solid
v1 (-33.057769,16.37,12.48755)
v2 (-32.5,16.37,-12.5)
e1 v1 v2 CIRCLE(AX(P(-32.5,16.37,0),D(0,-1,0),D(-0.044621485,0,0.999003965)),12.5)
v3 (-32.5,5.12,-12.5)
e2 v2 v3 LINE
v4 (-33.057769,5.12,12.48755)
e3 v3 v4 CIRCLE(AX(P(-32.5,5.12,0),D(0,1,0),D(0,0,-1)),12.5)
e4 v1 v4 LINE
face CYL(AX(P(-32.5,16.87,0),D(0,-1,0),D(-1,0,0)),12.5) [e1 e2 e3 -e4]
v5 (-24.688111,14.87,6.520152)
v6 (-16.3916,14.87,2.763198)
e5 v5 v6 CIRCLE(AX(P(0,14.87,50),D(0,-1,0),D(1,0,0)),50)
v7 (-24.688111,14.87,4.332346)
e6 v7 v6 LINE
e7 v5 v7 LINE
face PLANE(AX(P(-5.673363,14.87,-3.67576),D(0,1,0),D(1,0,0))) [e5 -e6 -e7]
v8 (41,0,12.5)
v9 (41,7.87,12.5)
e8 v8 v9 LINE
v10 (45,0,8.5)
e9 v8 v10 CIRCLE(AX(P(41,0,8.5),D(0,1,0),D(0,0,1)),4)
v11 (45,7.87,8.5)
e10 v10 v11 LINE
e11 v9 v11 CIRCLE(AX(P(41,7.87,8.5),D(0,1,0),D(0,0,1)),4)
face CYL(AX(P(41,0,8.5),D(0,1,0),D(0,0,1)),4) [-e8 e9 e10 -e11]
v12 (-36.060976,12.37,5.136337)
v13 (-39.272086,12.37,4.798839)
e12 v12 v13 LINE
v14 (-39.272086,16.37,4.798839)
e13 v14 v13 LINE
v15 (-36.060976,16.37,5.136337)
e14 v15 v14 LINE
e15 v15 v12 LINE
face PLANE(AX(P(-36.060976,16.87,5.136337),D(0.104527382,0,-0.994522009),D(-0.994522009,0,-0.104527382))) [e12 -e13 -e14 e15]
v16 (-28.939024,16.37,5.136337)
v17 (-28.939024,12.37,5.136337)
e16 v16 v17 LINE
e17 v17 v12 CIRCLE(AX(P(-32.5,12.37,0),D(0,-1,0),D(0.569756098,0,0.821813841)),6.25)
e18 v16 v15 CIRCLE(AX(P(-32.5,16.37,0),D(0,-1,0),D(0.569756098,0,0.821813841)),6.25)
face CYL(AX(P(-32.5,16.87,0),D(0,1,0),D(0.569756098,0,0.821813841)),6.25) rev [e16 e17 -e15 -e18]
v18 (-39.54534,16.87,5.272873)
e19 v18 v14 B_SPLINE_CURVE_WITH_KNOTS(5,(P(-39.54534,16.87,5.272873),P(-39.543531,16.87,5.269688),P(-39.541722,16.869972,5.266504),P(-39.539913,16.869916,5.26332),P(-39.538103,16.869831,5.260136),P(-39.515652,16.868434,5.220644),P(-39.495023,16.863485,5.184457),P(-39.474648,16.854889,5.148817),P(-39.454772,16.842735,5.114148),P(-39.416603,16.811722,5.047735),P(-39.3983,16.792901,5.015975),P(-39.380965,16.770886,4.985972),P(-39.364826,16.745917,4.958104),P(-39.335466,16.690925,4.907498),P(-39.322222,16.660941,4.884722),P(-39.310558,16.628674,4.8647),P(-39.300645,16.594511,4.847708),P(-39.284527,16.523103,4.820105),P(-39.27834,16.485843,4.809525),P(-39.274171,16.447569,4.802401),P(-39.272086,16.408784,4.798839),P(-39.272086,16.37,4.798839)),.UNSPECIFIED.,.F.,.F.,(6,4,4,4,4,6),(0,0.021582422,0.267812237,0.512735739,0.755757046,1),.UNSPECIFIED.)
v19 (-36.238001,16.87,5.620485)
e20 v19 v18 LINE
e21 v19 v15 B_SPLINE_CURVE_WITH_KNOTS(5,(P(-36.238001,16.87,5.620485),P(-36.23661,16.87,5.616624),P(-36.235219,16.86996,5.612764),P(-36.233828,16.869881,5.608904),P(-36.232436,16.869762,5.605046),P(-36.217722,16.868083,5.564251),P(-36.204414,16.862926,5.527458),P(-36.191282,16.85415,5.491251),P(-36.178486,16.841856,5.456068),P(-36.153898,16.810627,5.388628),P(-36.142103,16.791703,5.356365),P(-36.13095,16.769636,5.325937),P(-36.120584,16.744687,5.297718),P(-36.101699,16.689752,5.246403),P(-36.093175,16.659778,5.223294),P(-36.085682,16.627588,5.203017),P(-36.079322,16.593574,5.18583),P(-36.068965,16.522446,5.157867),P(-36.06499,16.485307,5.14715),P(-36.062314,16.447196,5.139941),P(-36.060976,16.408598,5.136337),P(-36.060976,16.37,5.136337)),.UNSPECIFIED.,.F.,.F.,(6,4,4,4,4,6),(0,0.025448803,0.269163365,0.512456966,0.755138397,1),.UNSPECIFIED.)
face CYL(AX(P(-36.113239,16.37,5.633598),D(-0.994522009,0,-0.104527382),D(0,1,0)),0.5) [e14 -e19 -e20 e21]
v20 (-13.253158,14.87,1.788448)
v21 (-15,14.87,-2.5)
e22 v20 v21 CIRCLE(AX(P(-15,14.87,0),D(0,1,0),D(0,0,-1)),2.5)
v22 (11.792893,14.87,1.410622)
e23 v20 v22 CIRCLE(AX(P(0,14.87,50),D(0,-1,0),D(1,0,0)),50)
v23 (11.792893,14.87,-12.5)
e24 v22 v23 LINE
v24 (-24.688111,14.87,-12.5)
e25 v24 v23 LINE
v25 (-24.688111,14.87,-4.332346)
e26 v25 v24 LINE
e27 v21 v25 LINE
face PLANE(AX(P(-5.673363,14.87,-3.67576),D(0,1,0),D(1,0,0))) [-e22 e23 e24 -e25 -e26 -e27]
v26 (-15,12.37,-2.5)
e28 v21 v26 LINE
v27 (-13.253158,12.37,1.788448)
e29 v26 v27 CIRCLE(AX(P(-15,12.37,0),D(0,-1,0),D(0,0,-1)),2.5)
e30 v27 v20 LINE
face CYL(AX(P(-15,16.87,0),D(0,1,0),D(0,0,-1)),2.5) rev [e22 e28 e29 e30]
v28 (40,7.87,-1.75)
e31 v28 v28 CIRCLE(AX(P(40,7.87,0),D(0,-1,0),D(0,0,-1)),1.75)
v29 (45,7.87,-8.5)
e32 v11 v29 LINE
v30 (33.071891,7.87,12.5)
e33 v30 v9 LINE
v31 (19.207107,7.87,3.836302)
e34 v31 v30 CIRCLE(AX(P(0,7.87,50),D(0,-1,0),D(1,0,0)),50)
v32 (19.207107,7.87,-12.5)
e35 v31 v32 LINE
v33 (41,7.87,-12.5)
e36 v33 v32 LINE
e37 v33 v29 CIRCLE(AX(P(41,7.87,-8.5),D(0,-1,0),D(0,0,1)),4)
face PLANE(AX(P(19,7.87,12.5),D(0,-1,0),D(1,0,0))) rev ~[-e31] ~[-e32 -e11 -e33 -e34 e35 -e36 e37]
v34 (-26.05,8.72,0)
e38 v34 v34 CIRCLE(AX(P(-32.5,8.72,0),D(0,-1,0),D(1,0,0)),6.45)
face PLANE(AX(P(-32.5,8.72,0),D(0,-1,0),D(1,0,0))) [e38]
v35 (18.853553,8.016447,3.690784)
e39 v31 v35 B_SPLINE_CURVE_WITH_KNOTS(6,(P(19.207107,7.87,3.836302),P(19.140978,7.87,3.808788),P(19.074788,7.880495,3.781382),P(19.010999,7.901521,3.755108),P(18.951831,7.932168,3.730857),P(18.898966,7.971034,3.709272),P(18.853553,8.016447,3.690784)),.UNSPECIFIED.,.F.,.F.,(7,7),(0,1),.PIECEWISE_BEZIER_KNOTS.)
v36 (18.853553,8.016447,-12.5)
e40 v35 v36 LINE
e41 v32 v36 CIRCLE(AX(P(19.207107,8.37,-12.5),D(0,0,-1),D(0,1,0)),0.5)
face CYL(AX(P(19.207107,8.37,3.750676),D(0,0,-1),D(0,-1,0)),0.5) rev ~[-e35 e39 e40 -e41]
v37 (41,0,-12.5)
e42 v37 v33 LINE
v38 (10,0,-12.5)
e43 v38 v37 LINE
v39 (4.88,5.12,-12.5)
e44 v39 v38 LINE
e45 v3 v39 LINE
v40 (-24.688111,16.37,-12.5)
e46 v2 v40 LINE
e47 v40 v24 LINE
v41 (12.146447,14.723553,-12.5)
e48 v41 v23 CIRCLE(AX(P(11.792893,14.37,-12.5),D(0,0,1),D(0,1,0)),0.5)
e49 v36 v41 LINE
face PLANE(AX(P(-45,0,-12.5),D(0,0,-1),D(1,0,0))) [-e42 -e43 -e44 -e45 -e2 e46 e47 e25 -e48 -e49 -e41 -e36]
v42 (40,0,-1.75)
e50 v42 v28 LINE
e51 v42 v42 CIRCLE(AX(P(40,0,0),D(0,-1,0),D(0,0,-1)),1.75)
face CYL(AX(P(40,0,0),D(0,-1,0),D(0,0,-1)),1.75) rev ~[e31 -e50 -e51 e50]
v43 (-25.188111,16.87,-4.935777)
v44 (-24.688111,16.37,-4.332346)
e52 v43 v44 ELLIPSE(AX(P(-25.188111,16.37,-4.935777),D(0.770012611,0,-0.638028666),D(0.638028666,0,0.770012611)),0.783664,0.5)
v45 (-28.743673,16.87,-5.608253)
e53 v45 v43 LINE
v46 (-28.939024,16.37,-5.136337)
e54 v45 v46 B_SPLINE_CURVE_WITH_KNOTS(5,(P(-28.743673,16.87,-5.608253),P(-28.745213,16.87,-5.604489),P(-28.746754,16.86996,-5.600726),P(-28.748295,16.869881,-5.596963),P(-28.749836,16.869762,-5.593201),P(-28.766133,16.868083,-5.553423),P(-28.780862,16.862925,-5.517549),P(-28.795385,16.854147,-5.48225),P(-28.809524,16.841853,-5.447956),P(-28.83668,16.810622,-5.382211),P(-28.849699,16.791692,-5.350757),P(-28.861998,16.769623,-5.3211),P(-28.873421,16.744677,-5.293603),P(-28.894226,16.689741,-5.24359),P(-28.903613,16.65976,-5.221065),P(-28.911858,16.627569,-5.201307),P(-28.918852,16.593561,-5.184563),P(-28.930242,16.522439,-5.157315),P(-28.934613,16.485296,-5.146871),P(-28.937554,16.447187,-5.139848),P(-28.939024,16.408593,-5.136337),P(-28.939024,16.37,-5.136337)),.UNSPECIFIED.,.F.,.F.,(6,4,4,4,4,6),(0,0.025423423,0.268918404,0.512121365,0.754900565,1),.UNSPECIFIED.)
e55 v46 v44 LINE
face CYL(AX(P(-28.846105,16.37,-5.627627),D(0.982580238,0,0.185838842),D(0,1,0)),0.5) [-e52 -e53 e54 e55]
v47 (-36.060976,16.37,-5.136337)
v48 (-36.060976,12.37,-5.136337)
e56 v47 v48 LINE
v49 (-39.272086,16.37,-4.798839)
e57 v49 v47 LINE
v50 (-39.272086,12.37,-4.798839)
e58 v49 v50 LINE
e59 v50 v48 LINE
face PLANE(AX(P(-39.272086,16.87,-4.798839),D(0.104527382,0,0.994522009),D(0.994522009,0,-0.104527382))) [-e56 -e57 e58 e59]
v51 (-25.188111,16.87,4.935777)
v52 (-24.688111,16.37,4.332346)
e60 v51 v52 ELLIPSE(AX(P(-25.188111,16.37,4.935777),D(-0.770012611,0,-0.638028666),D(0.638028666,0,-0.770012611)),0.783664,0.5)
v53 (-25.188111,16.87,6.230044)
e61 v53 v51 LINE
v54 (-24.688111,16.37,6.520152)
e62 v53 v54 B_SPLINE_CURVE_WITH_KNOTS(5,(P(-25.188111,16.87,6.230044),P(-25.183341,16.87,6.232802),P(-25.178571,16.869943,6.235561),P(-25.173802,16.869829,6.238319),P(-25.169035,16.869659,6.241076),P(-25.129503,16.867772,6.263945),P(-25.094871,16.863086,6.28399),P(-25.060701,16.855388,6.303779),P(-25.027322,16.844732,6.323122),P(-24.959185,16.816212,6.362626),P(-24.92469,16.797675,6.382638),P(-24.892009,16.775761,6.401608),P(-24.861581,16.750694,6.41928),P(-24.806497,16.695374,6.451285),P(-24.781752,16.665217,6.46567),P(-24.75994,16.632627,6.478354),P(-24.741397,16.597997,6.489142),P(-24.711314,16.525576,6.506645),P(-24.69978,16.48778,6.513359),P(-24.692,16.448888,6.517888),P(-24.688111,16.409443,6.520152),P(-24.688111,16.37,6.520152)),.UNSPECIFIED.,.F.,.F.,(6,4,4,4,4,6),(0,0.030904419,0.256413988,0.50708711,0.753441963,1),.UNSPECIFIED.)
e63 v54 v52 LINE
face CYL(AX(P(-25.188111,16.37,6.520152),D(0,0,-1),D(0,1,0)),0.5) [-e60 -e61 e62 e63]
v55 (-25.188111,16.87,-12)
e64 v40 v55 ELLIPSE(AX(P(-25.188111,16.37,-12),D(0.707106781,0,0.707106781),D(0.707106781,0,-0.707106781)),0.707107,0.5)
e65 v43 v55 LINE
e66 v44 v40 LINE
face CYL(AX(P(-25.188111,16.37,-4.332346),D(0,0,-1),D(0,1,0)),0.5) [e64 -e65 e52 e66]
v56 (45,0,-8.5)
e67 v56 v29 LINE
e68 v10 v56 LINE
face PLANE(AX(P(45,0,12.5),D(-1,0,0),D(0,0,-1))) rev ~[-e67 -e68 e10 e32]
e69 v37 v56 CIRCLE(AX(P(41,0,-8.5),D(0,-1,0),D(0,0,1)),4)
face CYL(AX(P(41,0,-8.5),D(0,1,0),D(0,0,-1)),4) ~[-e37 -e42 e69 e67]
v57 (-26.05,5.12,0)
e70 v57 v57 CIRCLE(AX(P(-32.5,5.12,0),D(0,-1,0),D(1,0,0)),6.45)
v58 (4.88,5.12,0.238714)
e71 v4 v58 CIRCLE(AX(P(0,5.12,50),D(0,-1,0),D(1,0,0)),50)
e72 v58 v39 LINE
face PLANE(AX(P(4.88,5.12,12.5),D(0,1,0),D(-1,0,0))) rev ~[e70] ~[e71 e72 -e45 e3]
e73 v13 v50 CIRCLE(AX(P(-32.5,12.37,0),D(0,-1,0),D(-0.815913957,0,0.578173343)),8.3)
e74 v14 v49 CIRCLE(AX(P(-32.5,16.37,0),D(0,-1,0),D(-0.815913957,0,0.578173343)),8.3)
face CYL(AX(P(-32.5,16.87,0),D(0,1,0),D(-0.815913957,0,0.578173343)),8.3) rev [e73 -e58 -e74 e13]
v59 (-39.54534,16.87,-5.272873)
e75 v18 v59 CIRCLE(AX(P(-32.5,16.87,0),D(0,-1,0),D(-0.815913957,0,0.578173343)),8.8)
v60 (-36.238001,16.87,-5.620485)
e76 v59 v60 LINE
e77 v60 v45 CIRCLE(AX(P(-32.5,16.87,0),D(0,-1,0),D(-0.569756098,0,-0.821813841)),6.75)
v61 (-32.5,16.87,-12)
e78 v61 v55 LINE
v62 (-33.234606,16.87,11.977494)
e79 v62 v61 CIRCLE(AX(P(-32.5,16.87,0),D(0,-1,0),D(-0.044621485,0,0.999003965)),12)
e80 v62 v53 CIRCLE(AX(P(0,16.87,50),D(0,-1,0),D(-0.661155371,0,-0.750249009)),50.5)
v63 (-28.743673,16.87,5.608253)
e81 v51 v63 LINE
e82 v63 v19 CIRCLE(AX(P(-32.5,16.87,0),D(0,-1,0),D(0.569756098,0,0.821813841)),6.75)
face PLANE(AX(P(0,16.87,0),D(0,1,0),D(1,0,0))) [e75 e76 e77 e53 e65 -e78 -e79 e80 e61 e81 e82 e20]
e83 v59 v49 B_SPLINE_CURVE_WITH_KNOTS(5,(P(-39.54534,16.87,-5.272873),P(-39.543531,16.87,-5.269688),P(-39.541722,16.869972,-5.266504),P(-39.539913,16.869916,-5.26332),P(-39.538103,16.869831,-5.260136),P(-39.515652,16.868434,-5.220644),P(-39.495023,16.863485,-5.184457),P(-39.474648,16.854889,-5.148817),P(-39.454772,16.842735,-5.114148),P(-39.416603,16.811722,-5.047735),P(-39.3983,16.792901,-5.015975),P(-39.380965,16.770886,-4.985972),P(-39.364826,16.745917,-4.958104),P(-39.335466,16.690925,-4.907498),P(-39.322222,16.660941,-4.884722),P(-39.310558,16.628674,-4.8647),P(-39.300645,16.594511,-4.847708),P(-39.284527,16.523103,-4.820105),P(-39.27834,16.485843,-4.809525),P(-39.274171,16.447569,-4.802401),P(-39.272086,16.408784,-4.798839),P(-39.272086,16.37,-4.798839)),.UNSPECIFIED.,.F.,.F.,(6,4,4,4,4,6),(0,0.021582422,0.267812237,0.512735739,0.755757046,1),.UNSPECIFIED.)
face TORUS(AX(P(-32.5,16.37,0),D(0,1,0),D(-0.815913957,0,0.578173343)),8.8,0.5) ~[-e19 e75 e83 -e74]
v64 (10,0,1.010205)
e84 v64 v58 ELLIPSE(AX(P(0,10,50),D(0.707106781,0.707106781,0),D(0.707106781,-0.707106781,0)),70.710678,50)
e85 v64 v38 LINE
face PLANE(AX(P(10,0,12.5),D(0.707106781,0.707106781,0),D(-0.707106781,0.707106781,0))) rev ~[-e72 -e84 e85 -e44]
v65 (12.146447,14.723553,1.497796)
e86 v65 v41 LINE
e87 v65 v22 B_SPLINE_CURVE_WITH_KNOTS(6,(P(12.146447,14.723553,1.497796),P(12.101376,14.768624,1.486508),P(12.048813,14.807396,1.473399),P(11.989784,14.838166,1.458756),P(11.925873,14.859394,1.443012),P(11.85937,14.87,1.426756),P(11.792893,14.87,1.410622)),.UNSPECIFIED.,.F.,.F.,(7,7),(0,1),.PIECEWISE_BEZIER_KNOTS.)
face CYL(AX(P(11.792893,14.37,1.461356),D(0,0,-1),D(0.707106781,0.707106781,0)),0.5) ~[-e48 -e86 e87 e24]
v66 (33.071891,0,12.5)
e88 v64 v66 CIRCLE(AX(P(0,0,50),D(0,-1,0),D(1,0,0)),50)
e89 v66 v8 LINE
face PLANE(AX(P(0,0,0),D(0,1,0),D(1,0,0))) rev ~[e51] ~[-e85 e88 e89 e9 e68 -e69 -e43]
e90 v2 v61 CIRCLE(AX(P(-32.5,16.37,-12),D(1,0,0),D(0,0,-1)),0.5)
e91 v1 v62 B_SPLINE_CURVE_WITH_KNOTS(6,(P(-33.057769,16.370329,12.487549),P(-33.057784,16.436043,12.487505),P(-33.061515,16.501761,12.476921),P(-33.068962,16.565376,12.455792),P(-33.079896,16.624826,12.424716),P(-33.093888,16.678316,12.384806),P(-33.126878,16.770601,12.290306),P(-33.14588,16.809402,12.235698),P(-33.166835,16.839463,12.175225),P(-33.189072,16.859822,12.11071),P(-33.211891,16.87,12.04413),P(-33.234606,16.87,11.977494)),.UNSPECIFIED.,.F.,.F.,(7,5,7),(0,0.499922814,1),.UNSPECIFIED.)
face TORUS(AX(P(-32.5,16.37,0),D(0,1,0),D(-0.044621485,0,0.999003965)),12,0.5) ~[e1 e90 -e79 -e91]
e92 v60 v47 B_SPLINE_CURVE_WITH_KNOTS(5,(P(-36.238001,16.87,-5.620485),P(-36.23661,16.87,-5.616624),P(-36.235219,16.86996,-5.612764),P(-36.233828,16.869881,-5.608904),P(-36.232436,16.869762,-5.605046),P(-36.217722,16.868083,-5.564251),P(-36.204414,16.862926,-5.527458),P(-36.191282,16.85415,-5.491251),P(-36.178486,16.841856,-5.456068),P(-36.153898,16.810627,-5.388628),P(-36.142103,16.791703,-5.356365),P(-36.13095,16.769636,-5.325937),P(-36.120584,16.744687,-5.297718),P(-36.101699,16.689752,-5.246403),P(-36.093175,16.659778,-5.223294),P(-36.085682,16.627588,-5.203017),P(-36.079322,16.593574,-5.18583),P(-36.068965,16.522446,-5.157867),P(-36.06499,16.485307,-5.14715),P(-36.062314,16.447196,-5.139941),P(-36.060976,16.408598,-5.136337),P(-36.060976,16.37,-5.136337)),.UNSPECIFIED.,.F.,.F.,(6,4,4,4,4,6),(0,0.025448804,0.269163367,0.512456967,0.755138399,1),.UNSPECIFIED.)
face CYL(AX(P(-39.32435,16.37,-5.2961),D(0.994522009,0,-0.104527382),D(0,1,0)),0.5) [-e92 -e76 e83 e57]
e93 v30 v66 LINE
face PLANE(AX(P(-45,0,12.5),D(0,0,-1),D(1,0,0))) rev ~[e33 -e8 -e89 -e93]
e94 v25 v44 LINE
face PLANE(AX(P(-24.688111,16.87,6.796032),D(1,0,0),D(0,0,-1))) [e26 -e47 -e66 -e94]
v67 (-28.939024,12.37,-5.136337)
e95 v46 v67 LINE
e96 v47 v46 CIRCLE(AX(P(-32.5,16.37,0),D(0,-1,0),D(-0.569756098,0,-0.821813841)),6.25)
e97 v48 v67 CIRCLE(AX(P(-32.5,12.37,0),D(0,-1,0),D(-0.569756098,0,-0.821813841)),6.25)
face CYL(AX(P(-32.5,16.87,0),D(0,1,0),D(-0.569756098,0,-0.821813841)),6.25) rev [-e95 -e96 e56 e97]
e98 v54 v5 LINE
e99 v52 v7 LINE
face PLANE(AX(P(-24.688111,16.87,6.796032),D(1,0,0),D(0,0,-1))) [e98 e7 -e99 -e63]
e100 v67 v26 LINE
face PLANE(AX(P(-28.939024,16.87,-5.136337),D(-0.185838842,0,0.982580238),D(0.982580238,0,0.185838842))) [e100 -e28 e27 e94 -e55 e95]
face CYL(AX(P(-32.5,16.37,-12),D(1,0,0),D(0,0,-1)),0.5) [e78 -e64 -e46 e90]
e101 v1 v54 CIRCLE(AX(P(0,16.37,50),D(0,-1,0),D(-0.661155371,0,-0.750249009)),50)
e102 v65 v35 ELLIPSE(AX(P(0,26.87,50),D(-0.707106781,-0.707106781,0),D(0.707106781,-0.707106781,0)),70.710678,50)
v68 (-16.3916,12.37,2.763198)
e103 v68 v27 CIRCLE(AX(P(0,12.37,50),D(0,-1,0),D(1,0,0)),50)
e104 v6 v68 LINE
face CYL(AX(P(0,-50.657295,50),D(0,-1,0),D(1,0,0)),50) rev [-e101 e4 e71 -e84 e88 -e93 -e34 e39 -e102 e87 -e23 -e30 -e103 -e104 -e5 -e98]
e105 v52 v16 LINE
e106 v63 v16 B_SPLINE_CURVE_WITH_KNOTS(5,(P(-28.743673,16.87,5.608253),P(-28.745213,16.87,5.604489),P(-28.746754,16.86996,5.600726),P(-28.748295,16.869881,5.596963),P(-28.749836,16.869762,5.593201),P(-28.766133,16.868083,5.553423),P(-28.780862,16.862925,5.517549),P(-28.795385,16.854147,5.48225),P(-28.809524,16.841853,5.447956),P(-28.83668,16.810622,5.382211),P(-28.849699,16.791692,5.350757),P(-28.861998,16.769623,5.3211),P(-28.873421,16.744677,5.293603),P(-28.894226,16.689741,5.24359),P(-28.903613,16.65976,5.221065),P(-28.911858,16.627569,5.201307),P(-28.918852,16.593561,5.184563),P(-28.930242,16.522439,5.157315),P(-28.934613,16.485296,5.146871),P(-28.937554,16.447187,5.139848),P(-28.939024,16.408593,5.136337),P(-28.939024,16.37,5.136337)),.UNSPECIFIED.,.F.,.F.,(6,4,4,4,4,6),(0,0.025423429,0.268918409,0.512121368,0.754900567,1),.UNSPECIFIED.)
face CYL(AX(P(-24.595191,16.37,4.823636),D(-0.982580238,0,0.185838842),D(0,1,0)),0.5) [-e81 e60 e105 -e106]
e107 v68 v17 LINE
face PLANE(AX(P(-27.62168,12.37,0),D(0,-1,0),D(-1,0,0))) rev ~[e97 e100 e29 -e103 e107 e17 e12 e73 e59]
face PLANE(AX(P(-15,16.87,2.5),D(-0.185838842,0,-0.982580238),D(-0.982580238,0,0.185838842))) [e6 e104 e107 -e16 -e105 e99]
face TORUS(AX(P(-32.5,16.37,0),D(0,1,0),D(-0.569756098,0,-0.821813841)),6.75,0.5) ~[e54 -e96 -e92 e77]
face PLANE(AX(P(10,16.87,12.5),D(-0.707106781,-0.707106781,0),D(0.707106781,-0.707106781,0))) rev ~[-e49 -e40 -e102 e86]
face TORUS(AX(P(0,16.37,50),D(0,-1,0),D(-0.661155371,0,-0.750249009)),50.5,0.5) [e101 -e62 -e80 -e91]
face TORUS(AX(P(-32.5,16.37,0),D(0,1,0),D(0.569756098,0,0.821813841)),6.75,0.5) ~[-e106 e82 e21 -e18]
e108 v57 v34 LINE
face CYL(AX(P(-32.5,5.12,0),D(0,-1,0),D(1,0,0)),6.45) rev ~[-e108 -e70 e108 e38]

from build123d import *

# Parameters (mm, degrees)
SKETCH1_W                    = 90
SKETCH1_H                    = 25
BOSS_EXTRUDE1_DEPTH          = 16.87
CUT_EXTRUDE2_DEPTH           = 4.5
ENL_V_MAT_EXTRU_1_DEPTH      = 34
FILLET1_RADIUS               = 12.5
FILLET1_LENGTH               = 11.75
ESQUISSE5_R                  = 1.75
ENL_V_MAT_EXTRU_4_DEPTH      = 50.65729453
FILLET3_R                    = 4
SKETCH8_W                    = 38.029495875
SKETCH8_H                    = 20.943583685
CUT_EXTRUDE6_DEPTH           = 2
ESQUISSE17_R                 = 6.45
ENL_V_MAT_EXTRU_7_DEPTH      = 3.6
ENL_V_MAT_EXTRU_8_DEPTH      = 50.65729453
ENL_V_MAT_EXTRU_8_DEPTH_BACK = 50.65729453
ESQUISSE18_R                 = 50
FILLET4_R                    = 0.5


with BuildPart() as part:
    # Sketch1 → Boss-Extrude1 (new body)
    with BuildSketch(Plane(origin=(0, 0, 0), x_dir=(1, 0, 0), z_dir=(0, 1, 0))):
        Rectangle(SKETCH1_W, SKETCH1_H)
    extrude(amount=BOSS_EXTRUDE1_DEPTH)

    # Sketch3 → Cut-Extrude2 (cut)
    with BuildSketch(Plane(origin=(0, 16.87, 0), x_dir=(1, 0, 0), z_dir=(0, 1, 0))):
        with BuildLine():
            Line((-39.272085844, 4.798838748), (-36.060975614, 5.136336504))
            ThreePointArc((-36.060975614, 5.136336504), (-32.500000002, 6.25), (-28.93902439, 5.136336506))
            Line((-28.93902439, 5.136336506), (-15, 2.5))
            ThreePointArc((-15, 2.5), (-12.5, 0), (-15, -2.5))
            Line((-15, -2.5), (-28.93902439, -5.136336506))
            ThreePointArc((-28.93902439, -5.136336506), (-32.500000002, -6.25), (-36.060975614, -5.136336504))
            Line((-36.060975614, -5.136336504), (-39.272085844, -4.798838748))
            ThreePointArc((-39.272085844, -4.798838748), (-40.8, 0), (-39.272085844, 4.798838748))
        make_face()
    extrude(amount=-CUT_EXTRUDE2_DEPTH, mode=Mode.SUBTRACT)

    # Esquisse2 → Enlèv. mat.-Extru.1 (cut)
    with BuildSketch(Plane.XY.offset(12.5)):
        Polygon((45, 16.87), (10, 16.87), (19, 7.87), (45, 7.87), align=None)
        Polygon((-45, 0), (10, 0), (4.88, 5.12), (-45, 5.12), align=None)
    extrude(amount=-ENL_V_MAT_EXTRU_1_DEPTH, mode=Mode.SUBTRACT)

    # Fillet1: full round fillet: the end face becomes a half cylinder, R = half its width
    fillet1_face = Plane((-45, 10.995, 0), x_dir=(0, -1, 0), z_dir=(-1, 0, 0))  # on the end face: x along it, z out of the body
    fillet1_slab = fillet1_face.offset(-FILLET1_RADIUS / 2) * Box(FILLET1_LENGTH, 2 * FILLET1_RADIUS, FILLET1_RADIUS, mode=Mode.PRIVATE)  # the body's end, R deep
    fillet1_round = Plane((-32.5, 10.995, 0), x_dir=(-1, 0, 0), z_dir=(0, -1, 0)) * Cylinder(FILLET1_RADIUS, FILLET1_LENGTH, mode=Mode.PRIVATE)  # its axis R under the face
    add(fillet1_slab - fillet1_round, mode=Mode.SUBTRACT)

    # Esquisse5 → Enlèv. mat.-Extru.4 (cut, through all)
    with BuildSketch(Plane(origin=(0, 0, 0), x_dir=(-1, 0, 0), z_dir=(0, -1, 0))):
        with Locations(Location((-40, 0, 0), (0, 0, 90))):
            Circle(ESQUISSE5_R)
    extrude(amount=-ENL_V_MAT_EXTRU_4_DEPTH, mode=Mode.SUBTRACT)

    # Fillet3
    fillet3_edges = [part.edges().sort_by_distance(p)[0] for p in [
        (45, 3.935, -12.5),
        (45, 3.935, 12.5),
    ]]
    fillet(fillet3_edges, radius=FILLET3_R)

    # Sketch8 → Cut-Extrude6 (cut)
    with BuildSketch(Plane(origin=(0, 16.87, 0), x_dir=(1, 0, 0), z_dir=(0, 1, 0))):
        with Locations((-5.673362901, 3.675760168)):
            Rectangle(SKETCH8_W, SKETCH8_H)
    extrude(amount=-CUT_EXTRUDE6_DEPTH, mode=Mode.SUBTRACT)

    # Esquisse17 → Enlèv. mat.-Extru.7 (cut)
    with BuildSketch(Plane.XZ.offset(-5.12)):
        with Locations((-32.5, 0)):
            Circle(ESQUISSE17_R)
    extrude(amount=-ENL_V_MAT_EXTRU_7_DEPTH, mode=Mode.SUBTRACT)

    # Esquisse18 → Enlèv. mat.-Extru.8 (cut, two sides: drawn at the far end of the back side and taken through both)
    with BuildSketch(Plane(origin=(0, 0, 0), x_dir=(1, 0, 0), z_dir=(0, 1, 0)).offset(-ENL_V_MAT_EXTRU_8_DEPTH_BACK)):
        with Locations((0, -50)):
            Circle(ESQUISSE18_R)
    extrude(amount=ENL_V_MAT_EXTRU_8_DEPTH + ENL_V_MAT_EXTRU_8_DEPTH_BACK, mode=Mode.SUBTRACT)

    # Fillet4
    fillet4_edges = [part.edges().sort_by_distance(p)[0] for p in [
        (-28.594055419, 16.87, -12.5),
        (19, 7.87, -4.37466216),
        (12, 14.87, -5.519322199),
        (-37.666530729, 16.87, -4.967587626),
        (-26.813567614, 16.87, -4.734341422),
        (-32.500000002, 16.87, -6.25),
        (-37.666530729, 16.87, 4.967587626),
        (-24.688110839, 16.87, 5.426249162),
        (-26.813567614, 16.87, 4.734341422),
        (-32.500000002, 16.87, 6.25),
        (-40.8, 16.87, 0),
        (-24.688110839, 16.87, -8.416173168),
        (-29.026696429, 16.87, 9.288197111),
        (-44.996887004, 16.87, -0.278953754),
    ]]
    fillet(fillet4_edges, radius=FILLET4_R)


solid = part.part
